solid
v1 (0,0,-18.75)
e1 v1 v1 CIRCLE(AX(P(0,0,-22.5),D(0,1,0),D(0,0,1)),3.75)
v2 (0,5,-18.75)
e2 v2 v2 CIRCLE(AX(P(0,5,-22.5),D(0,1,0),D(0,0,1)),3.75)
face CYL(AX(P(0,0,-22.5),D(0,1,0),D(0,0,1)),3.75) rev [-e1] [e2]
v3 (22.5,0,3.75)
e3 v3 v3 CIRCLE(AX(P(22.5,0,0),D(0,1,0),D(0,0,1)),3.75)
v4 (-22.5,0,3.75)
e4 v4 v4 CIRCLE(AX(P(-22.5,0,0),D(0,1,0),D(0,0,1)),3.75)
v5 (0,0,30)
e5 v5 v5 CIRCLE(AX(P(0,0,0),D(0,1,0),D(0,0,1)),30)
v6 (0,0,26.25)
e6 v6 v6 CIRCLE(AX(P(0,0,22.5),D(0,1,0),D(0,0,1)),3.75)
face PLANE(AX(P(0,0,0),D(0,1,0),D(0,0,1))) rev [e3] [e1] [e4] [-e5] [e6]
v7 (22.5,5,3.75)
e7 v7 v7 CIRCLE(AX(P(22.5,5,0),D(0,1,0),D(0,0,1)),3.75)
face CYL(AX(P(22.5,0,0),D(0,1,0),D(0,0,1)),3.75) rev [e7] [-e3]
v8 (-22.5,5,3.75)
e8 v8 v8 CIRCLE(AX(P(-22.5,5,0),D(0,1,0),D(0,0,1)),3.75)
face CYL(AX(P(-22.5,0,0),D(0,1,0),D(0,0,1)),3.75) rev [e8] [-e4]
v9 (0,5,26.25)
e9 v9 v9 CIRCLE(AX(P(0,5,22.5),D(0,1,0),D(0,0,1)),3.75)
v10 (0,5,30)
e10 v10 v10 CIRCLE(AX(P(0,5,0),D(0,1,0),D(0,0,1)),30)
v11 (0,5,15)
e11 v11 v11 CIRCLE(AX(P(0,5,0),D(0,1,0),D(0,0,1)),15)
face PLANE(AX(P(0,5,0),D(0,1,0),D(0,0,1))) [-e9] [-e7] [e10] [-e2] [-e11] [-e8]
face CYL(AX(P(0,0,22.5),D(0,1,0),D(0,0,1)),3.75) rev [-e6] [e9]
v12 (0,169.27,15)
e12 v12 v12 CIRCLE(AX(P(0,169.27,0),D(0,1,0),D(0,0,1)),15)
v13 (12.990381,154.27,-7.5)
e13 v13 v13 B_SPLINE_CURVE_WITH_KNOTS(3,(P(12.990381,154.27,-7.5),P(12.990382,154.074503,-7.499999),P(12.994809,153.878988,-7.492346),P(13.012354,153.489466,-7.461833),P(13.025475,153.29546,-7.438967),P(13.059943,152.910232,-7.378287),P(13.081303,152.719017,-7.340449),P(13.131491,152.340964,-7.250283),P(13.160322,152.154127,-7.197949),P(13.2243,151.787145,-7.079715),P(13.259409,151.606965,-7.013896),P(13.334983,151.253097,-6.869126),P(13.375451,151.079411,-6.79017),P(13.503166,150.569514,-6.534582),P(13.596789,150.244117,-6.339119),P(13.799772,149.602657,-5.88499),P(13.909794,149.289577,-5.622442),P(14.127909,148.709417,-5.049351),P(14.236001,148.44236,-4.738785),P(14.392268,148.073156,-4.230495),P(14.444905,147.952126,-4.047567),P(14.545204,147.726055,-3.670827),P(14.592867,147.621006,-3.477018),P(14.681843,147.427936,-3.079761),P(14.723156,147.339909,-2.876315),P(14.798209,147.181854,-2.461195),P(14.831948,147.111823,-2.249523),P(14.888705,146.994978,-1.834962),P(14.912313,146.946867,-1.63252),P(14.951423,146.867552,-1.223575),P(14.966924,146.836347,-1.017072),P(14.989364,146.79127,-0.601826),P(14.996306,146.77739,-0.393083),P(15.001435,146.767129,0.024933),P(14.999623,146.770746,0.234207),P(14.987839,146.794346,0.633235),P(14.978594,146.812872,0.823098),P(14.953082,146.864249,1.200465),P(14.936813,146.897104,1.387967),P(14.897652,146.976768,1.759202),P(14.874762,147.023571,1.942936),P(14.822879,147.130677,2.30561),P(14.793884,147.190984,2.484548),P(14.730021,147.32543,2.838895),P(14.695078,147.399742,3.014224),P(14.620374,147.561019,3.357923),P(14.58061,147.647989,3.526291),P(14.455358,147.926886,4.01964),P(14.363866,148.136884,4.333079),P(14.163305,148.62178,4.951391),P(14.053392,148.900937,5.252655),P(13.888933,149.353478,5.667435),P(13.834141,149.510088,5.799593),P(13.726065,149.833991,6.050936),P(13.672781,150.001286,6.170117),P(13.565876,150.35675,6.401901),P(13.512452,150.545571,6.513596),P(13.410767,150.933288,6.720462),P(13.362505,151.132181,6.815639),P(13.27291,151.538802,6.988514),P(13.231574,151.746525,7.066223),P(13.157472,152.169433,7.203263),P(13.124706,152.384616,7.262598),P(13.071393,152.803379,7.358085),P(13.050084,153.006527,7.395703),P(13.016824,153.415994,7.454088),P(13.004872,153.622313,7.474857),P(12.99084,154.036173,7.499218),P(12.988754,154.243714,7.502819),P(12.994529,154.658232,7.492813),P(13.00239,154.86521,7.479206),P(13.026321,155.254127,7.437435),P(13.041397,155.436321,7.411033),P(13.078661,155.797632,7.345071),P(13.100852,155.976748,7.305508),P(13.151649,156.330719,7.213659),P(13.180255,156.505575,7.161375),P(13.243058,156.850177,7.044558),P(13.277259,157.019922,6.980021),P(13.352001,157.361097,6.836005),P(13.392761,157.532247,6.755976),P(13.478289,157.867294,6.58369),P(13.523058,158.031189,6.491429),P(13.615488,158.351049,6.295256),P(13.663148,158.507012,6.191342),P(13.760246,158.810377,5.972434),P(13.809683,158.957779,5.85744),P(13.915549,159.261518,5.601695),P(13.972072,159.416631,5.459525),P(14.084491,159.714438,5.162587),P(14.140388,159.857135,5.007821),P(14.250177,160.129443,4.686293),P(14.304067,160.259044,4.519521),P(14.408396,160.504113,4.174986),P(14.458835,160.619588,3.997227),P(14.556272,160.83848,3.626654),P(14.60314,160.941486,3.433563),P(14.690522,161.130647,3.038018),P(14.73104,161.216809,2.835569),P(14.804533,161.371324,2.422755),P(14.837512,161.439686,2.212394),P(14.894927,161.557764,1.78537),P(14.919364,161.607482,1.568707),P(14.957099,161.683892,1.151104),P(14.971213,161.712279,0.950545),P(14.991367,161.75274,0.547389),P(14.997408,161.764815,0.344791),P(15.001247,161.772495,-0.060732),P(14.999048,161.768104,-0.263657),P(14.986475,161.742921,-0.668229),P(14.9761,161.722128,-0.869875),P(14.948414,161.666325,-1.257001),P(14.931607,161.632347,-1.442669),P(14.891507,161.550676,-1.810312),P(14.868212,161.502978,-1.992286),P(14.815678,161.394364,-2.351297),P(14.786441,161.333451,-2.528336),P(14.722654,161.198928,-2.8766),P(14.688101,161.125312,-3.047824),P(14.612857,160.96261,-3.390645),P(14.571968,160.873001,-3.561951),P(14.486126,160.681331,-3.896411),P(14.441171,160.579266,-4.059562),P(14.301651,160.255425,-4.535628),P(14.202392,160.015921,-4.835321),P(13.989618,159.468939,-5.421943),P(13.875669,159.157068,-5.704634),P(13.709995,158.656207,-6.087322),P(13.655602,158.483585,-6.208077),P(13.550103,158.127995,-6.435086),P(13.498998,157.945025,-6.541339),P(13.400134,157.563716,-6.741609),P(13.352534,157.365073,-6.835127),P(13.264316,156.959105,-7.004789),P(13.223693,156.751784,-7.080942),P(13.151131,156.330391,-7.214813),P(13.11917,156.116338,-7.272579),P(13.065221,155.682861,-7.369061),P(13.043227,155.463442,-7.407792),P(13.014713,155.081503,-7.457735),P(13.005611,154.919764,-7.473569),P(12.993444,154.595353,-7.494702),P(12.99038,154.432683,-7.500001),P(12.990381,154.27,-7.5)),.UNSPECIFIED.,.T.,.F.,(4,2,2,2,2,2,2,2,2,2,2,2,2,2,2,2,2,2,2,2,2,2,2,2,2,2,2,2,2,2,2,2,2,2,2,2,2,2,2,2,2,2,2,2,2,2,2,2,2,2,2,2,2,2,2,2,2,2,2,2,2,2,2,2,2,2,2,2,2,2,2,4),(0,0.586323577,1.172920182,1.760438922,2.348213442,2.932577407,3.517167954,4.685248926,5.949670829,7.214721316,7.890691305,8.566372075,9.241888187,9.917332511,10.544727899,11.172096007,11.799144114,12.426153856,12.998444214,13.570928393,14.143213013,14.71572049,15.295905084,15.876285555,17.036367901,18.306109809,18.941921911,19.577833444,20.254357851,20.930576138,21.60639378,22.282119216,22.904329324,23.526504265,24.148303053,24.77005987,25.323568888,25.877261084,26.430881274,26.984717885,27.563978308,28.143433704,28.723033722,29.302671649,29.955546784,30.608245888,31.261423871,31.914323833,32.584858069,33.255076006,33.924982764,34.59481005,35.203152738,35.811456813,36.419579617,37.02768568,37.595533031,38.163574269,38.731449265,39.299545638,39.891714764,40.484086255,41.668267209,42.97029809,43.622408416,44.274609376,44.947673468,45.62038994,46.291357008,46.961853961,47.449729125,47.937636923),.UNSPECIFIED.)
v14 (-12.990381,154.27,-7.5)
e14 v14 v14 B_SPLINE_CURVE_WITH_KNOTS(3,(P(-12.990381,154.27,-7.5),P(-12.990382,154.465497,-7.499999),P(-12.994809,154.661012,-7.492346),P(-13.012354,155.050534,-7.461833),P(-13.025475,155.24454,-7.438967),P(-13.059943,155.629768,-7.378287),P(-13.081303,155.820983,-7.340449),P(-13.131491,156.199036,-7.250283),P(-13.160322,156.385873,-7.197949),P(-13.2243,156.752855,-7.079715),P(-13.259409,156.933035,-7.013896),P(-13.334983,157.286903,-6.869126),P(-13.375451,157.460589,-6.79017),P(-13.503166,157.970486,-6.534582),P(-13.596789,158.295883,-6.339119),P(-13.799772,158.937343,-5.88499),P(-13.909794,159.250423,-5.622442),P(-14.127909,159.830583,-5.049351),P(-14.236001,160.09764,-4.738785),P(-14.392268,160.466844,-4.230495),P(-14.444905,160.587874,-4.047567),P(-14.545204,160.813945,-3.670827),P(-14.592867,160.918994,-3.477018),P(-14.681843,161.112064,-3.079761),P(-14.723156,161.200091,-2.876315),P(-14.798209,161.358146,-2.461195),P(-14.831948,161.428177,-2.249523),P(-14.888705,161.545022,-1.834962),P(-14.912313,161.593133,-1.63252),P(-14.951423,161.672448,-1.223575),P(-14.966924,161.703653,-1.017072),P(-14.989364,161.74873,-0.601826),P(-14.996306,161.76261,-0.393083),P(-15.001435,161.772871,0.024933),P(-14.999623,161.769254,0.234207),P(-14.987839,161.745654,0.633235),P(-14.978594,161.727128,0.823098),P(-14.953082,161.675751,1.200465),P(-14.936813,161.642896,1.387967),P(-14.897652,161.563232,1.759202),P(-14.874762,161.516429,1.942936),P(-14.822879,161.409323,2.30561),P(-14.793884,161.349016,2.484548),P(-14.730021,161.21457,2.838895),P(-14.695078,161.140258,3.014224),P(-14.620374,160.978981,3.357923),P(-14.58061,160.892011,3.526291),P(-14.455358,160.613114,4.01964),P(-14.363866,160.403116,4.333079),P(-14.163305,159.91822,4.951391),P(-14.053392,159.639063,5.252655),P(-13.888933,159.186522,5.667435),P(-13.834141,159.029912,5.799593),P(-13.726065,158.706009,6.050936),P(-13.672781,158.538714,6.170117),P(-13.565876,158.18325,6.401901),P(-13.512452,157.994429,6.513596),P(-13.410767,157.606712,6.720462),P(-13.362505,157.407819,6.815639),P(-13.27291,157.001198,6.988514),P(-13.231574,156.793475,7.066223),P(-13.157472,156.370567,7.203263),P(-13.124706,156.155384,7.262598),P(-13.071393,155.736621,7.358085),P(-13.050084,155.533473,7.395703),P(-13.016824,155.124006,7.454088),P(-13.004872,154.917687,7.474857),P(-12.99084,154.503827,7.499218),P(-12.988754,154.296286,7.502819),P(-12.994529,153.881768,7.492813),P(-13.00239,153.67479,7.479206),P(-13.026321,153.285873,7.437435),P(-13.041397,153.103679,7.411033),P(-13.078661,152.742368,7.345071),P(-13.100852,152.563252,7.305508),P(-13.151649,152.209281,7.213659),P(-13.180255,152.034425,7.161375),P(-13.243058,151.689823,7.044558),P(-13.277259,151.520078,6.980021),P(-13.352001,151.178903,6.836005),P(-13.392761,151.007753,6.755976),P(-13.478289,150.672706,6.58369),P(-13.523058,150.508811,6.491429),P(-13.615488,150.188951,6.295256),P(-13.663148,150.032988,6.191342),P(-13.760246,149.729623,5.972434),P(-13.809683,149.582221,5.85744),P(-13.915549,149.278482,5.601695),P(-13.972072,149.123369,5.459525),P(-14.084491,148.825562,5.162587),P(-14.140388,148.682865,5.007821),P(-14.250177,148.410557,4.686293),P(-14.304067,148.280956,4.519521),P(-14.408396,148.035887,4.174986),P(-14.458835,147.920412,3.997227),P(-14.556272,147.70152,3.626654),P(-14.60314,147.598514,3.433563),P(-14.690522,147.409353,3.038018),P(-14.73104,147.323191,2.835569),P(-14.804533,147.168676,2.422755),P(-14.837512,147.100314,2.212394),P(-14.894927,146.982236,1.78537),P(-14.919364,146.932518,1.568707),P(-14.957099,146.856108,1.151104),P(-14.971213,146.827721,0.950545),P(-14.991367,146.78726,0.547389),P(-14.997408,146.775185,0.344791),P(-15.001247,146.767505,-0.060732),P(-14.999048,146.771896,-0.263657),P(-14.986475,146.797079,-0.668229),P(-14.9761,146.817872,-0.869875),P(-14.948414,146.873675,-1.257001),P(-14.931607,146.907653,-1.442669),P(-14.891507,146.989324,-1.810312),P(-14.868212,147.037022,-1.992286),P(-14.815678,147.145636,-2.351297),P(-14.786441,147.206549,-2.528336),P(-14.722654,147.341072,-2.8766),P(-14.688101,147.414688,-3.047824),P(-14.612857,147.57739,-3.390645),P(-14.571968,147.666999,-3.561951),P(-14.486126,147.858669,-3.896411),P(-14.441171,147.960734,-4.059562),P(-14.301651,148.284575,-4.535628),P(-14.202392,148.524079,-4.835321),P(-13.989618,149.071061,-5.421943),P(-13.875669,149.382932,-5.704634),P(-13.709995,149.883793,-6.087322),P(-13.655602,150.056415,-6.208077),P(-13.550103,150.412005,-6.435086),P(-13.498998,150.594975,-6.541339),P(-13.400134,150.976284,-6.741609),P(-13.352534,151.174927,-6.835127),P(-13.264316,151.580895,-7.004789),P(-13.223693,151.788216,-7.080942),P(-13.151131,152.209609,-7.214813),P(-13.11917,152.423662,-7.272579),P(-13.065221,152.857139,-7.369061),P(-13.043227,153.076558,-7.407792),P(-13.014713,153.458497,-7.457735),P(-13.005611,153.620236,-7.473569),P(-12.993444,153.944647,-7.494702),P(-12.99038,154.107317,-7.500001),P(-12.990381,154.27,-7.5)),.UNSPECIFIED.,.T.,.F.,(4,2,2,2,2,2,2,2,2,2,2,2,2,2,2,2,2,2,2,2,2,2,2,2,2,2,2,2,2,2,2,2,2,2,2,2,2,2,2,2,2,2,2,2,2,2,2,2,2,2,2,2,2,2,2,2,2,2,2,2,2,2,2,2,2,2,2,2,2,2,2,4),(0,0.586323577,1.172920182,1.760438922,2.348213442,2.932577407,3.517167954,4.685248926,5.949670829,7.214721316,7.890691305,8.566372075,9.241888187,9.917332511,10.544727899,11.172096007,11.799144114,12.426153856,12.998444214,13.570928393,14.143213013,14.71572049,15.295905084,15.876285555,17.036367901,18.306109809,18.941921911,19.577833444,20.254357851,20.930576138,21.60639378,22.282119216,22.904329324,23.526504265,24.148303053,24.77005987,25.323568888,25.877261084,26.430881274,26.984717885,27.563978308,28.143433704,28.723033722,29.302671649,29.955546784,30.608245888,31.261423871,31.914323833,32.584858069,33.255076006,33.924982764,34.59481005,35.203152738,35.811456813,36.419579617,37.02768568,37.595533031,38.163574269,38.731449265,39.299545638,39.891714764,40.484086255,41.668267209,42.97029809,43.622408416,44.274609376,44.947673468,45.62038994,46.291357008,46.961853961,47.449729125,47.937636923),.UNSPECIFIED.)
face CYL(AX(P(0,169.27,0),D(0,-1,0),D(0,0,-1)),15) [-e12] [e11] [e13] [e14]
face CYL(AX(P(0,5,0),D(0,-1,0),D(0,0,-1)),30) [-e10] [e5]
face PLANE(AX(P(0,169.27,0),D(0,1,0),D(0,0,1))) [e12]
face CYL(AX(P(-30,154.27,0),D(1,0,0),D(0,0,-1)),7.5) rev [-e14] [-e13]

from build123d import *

# Parameters (mm, degrees)
SKETCH1_R           = 30
BOSS_EXTRUDE1_DEPTH = 5
SKETCH2_R           = 3.75
CUT_EXTRUDE1_DEPTH  = 5
SKETCH3_R           = 15
BOSS_EXTRUDE2_DEPTH = 164.27
SKETCH4_R           = 7.5
CUT_EXTRUDE2_DEPTH  = 178.700120709


with BuildPart() as part:
    # Sketch1 → Boss-Extrude1 (new body)
    with BuildSketch(Plane(origin=(0, 0, 0), x_dir=(1, 0, 0), z_dir=(0, 1, 0))):
        with Locations(Location((0, 0, 0), (0, 0, 270))):
            Circle(SKETCH1_R)
    extrude(amount=BOSS_EXTRUDE1_DEPTH)

    # Sketch2 → Cut-Extrude1 (cut)
    with BuildSketch(Plane(origin=(0, 5, 0), x_dir=(1, 0, 0), z_dir=(0, 1, 0))):
        with Locations(Location((0, 22.5, 0), (0, 0, 270))):
            Circle(SKETCH2_R)
        with Locations(Location((22.5, 0, 0), (0, 0, 270))):
            Circle(SKETCH2_R)
        with Locations(Location((0, -22.5, 0), (0, 0, 270))):
            Circle(SKETCH2_R)
        with Locations(Location((-22.5, 0, 0), (0, 0, 270))):
            Circle(SKETCH2_R)
    extrude(amount=-CUT_EXTRUDE1_DEPTH, mode=Mode.SUBTRACT)

    # Sketch3 → Boss-Extrude2 (add)
    with BuildSketch(Plane(origin=(0, 5, 0), x_dir=(1, 0, 0), z_dir=(0, 1, 0))):
        with Locations(Location((0, 0, 0), (0, 0, 270))):
            Circle(SKETCH3_R)
    extrude(amount=BOSS_EXTRUDE2_DEPTH)

    # Sketch4 → Cut-Extrude2 (cut, through all)
    with BuildSketch(Plane(origin=(15, 0, 0), x_dir=(0, 0, -1), z_dir=(1, 0, 0))):
        with Locations((0, 154.27)):
            Circle(SKETCH4_R)
    extrude(amount=-CUT_EXTRUDE2_DEPTH, mode=Mode.SUBTRACT)


solid = part.part
